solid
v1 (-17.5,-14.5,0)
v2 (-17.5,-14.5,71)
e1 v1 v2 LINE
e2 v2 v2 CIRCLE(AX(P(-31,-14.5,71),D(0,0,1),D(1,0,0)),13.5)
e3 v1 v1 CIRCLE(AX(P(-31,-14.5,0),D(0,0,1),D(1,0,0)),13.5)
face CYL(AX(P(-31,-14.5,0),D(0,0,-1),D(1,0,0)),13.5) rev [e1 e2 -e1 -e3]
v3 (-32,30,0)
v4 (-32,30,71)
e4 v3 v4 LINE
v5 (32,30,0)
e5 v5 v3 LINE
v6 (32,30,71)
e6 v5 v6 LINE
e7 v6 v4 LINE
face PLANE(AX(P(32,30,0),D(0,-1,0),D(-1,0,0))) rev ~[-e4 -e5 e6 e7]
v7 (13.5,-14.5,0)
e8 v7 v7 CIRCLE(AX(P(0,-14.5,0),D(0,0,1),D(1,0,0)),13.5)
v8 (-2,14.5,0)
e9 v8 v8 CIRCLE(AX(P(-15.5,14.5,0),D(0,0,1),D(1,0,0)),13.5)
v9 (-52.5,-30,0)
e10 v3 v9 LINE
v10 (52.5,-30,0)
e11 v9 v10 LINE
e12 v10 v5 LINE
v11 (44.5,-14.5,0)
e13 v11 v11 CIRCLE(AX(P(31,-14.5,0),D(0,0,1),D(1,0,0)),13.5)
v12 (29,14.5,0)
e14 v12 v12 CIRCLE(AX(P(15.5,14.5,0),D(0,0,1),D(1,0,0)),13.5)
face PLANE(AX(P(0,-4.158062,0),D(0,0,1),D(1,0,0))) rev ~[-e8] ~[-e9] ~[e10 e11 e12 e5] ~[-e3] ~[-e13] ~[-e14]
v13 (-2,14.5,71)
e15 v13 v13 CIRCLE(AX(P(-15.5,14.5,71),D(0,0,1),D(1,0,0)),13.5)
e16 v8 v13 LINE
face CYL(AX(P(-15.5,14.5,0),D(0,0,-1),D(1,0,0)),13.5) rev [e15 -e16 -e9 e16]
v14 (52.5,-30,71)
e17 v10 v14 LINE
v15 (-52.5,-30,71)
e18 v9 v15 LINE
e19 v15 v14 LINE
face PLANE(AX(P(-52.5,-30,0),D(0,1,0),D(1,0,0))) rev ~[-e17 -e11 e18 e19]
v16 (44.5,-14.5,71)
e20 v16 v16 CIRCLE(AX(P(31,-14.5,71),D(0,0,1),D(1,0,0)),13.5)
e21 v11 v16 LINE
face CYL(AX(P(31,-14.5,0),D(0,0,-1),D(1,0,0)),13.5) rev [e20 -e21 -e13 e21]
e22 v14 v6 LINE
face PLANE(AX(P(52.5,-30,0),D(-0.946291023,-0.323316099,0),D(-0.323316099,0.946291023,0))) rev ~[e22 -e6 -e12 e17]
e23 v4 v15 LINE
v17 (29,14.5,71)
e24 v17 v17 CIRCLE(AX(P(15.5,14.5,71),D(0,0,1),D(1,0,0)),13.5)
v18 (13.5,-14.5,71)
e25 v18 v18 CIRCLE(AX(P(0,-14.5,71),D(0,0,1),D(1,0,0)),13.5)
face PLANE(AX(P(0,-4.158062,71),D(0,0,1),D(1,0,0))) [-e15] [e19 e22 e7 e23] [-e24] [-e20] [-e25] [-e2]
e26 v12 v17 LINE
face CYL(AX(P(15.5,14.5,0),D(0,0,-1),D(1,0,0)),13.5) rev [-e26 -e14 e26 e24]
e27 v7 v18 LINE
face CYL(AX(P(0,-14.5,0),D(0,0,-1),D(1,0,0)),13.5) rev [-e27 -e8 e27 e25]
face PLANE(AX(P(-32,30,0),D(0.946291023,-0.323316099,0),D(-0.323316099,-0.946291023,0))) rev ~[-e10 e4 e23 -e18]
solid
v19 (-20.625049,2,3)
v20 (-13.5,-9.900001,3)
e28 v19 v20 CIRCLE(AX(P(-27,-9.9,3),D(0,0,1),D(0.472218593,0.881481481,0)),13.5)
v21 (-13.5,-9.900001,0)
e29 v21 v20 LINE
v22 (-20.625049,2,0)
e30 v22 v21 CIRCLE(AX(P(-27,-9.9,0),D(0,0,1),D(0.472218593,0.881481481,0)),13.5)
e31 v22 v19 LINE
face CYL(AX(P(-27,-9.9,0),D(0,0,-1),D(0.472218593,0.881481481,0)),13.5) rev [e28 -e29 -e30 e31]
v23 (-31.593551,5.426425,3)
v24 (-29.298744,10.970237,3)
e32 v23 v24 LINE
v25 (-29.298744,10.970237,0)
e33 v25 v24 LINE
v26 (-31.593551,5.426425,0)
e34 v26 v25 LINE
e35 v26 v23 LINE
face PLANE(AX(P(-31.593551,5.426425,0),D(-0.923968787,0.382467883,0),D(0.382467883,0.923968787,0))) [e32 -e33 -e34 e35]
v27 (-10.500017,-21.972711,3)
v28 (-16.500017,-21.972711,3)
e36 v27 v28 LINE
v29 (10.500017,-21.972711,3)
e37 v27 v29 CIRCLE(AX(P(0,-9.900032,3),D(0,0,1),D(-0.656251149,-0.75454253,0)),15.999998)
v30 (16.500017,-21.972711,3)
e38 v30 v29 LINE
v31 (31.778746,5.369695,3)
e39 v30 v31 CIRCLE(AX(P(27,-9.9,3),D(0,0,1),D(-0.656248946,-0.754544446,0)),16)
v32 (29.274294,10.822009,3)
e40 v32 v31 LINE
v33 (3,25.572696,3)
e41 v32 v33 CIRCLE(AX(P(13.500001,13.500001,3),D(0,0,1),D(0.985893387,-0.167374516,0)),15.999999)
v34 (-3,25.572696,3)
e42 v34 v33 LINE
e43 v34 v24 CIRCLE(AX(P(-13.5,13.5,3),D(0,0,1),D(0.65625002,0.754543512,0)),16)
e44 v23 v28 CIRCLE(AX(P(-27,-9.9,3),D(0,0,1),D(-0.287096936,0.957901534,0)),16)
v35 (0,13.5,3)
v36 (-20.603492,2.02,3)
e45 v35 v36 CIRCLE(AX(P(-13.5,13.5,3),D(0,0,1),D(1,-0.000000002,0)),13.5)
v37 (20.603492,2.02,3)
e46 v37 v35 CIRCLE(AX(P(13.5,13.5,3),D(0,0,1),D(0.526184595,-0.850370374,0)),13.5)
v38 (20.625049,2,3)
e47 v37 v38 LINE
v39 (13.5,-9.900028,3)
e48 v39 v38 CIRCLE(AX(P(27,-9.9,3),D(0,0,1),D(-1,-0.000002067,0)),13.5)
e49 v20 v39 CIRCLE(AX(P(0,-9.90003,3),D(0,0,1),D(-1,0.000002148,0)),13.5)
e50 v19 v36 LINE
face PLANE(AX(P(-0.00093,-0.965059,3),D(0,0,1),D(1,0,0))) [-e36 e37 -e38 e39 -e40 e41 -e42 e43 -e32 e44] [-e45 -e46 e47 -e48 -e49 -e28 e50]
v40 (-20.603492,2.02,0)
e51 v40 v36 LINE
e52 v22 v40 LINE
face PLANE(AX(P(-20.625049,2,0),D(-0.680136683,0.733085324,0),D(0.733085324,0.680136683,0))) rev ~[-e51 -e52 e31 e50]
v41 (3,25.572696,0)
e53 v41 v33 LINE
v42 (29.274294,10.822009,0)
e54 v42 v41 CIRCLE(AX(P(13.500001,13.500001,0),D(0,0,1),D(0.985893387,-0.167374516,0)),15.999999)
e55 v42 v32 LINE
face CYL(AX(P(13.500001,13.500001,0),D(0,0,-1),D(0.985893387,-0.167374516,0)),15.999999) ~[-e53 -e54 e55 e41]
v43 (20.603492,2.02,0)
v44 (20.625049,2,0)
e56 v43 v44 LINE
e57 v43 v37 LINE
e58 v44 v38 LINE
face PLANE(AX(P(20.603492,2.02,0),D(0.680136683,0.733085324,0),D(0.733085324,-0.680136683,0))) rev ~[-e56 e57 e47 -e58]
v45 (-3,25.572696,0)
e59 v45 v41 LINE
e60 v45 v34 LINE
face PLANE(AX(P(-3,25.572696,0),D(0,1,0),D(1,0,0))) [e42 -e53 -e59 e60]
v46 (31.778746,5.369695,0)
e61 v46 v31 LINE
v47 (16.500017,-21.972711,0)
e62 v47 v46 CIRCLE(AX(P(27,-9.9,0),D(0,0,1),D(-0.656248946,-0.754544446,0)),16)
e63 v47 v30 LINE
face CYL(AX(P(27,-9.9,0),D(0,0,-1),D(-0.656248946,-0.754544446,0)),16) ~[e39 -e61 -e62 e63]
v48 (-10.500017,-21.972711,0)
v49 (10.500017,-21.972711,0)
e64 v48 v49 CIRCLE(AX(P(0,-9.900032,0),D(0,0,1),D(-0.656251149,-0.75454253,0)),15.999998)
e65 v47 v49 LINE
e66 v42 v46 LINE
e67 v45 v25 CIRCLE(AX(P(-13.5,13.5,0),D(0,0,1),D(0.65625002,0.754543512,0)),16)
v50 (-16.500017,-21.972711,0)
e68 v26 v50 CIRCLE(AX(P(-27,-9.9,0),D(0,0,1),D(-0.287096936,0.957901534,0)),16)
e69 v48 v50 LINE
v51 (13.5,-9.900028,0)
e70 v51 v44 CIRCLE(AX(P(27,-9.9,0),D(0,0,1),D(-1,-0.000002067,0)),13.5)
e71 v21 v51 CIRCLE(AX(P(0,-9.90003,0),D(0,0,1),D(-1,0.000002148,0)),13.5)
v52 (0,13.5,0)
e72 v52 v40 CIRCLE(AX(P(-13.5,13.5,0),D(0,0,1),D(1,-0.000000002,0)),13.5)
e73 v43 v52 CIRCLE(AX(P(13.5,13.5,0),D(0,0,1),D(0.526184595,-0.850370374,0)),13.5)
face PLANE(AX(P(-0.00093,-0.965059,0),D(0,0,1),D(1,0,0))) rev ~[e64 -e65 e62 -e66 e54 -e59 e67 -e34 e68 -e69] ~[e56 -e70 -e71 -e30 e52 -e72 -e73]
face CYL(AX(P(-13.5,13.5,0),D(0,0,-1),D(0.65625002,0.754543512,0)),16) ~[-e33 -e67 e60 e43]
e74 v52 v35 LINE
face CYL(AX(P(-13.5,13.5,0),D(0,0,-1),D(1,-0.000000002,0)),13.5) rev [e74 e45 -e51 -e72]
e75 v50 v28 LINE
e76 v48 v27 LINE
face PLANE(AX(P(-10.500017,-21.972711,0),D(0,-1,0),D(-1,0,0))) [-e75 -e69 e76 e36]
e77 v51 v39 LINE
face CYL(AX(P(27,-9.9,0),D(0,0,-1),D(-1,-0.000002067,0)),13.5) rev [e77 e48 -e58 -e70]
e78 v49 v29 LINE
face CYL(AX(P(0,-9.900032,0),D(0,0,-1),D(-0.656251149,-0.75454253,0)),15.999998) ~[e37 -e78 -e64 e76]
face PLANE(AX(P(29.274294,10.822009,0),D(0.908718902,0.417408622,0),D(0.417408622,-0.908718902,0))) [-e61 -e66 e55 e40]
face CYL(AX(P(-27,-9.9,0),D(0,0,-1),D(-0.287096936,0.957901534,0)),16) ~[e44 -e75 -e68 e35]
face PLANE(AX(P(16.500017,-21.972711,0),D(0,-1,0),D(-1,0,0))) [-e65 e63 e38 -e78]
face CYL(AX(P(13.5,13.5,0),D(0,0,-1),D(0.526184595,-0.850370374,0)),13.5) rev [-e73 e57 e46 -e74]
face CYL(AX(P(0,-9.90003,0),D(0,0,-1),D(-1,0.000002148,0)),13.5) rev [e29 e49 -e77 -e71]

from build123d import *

# Parameters (mm, degrees)
SKETCH_R     = 13.5
PAD_DEPTH    = 71
PAD001_DEPTH = 3


with BuildPart() as body:
    # Sketch → Pad (new body)
    with BuildSketch(Plane.XY):
        Polygon((-52.5, -30), (52.5, -30), (32, 30), (-32, 30), align=None)
        with Locations((-15.5, 14.5)):
            Circle(SKETCH_R, mode=Mode.SUBTRACT)
        with Locations((15.5, 14.5)):
            Circle(SKETCH_R, mode=Mode.SUBTRACT)
        with Locations((31, -14.5)):
            Circle(SKETCH_R, mode=Mode.SUBTRACT)
        with Locations((0, -14.5)):
            Circle(SKETCH_R, mode=Mode.SUBTRACT)
        with Locations((-31, -14.5)):
            Circle(SKETCH_R, mode=Mode.SUBTRACT)
    extrude(amount=PAD_DEPTH)


with BuildPart() as body001:
    # Sketch001 → Pad001 (new body)
    with BuildSketch(Plane.XY):
        with BuildLine():
            ThreePointArc((-31.593551, 5.426425), (-41.014266, -17.620126), (-16.500017, -21.972711))
            Line((-10.500017, -21.972711), (-16.500017, -21.972711))
            ThreePointArc((-10.500017, -21.972711), (0, -25.90003), (10.500017, -21.972711))
            Line((16.500017, -21.972711), (10.500017, -21.972711))
            ThreePointArc((16.500017, -21.972711), (40.967281, -17.70481), (31.778746, 5.369695))
            Line((29.274294, 10.822009), (31.778746, 5.369695))
            ThreePointArc((29.274294, 10.822009), (21.33264, 27.451694), (3, 25.572696))
            Line((-3, 25.572696), (3, 25.572696))
            ThreePointArc((-3, 25.572696), (-21.267054, 27.488312), (-29.298744, 10.970237))
            Line((-31.593551, 5.426425), (-29.298744, 10.970237))
        make_face()
        with BuildLine():
            ThreePointArc((-20.625049, 2), (-38.58257, -16.834989), (-13.5, -9.900001))
            ThreePointArc((-13.5, -9.900001), (-1.4e-05, -23.40003), (13.5, -9.900028))
            ThreePointArc((13.5, -9.900028), (38.582577, -16.834978), (20.625049, 2))
            Line((20.603492, 2.02), (20.625049, 2))
            ThreePointArc((20.603492, 2.02), (20.070877, 25.292946), (0, 13.5))
            ThreePointArc((0, 13.5), (-20.070877, 25.292946), (-20.603492, 2.02))
            Line((-20.625049, 2), (-20.603492, 2.02))
        make_face(mode=Mode.SUBTRACT)
    extrude(amount=PAD001_DEPTH)


solid = Compound([body.part, body001.part])
